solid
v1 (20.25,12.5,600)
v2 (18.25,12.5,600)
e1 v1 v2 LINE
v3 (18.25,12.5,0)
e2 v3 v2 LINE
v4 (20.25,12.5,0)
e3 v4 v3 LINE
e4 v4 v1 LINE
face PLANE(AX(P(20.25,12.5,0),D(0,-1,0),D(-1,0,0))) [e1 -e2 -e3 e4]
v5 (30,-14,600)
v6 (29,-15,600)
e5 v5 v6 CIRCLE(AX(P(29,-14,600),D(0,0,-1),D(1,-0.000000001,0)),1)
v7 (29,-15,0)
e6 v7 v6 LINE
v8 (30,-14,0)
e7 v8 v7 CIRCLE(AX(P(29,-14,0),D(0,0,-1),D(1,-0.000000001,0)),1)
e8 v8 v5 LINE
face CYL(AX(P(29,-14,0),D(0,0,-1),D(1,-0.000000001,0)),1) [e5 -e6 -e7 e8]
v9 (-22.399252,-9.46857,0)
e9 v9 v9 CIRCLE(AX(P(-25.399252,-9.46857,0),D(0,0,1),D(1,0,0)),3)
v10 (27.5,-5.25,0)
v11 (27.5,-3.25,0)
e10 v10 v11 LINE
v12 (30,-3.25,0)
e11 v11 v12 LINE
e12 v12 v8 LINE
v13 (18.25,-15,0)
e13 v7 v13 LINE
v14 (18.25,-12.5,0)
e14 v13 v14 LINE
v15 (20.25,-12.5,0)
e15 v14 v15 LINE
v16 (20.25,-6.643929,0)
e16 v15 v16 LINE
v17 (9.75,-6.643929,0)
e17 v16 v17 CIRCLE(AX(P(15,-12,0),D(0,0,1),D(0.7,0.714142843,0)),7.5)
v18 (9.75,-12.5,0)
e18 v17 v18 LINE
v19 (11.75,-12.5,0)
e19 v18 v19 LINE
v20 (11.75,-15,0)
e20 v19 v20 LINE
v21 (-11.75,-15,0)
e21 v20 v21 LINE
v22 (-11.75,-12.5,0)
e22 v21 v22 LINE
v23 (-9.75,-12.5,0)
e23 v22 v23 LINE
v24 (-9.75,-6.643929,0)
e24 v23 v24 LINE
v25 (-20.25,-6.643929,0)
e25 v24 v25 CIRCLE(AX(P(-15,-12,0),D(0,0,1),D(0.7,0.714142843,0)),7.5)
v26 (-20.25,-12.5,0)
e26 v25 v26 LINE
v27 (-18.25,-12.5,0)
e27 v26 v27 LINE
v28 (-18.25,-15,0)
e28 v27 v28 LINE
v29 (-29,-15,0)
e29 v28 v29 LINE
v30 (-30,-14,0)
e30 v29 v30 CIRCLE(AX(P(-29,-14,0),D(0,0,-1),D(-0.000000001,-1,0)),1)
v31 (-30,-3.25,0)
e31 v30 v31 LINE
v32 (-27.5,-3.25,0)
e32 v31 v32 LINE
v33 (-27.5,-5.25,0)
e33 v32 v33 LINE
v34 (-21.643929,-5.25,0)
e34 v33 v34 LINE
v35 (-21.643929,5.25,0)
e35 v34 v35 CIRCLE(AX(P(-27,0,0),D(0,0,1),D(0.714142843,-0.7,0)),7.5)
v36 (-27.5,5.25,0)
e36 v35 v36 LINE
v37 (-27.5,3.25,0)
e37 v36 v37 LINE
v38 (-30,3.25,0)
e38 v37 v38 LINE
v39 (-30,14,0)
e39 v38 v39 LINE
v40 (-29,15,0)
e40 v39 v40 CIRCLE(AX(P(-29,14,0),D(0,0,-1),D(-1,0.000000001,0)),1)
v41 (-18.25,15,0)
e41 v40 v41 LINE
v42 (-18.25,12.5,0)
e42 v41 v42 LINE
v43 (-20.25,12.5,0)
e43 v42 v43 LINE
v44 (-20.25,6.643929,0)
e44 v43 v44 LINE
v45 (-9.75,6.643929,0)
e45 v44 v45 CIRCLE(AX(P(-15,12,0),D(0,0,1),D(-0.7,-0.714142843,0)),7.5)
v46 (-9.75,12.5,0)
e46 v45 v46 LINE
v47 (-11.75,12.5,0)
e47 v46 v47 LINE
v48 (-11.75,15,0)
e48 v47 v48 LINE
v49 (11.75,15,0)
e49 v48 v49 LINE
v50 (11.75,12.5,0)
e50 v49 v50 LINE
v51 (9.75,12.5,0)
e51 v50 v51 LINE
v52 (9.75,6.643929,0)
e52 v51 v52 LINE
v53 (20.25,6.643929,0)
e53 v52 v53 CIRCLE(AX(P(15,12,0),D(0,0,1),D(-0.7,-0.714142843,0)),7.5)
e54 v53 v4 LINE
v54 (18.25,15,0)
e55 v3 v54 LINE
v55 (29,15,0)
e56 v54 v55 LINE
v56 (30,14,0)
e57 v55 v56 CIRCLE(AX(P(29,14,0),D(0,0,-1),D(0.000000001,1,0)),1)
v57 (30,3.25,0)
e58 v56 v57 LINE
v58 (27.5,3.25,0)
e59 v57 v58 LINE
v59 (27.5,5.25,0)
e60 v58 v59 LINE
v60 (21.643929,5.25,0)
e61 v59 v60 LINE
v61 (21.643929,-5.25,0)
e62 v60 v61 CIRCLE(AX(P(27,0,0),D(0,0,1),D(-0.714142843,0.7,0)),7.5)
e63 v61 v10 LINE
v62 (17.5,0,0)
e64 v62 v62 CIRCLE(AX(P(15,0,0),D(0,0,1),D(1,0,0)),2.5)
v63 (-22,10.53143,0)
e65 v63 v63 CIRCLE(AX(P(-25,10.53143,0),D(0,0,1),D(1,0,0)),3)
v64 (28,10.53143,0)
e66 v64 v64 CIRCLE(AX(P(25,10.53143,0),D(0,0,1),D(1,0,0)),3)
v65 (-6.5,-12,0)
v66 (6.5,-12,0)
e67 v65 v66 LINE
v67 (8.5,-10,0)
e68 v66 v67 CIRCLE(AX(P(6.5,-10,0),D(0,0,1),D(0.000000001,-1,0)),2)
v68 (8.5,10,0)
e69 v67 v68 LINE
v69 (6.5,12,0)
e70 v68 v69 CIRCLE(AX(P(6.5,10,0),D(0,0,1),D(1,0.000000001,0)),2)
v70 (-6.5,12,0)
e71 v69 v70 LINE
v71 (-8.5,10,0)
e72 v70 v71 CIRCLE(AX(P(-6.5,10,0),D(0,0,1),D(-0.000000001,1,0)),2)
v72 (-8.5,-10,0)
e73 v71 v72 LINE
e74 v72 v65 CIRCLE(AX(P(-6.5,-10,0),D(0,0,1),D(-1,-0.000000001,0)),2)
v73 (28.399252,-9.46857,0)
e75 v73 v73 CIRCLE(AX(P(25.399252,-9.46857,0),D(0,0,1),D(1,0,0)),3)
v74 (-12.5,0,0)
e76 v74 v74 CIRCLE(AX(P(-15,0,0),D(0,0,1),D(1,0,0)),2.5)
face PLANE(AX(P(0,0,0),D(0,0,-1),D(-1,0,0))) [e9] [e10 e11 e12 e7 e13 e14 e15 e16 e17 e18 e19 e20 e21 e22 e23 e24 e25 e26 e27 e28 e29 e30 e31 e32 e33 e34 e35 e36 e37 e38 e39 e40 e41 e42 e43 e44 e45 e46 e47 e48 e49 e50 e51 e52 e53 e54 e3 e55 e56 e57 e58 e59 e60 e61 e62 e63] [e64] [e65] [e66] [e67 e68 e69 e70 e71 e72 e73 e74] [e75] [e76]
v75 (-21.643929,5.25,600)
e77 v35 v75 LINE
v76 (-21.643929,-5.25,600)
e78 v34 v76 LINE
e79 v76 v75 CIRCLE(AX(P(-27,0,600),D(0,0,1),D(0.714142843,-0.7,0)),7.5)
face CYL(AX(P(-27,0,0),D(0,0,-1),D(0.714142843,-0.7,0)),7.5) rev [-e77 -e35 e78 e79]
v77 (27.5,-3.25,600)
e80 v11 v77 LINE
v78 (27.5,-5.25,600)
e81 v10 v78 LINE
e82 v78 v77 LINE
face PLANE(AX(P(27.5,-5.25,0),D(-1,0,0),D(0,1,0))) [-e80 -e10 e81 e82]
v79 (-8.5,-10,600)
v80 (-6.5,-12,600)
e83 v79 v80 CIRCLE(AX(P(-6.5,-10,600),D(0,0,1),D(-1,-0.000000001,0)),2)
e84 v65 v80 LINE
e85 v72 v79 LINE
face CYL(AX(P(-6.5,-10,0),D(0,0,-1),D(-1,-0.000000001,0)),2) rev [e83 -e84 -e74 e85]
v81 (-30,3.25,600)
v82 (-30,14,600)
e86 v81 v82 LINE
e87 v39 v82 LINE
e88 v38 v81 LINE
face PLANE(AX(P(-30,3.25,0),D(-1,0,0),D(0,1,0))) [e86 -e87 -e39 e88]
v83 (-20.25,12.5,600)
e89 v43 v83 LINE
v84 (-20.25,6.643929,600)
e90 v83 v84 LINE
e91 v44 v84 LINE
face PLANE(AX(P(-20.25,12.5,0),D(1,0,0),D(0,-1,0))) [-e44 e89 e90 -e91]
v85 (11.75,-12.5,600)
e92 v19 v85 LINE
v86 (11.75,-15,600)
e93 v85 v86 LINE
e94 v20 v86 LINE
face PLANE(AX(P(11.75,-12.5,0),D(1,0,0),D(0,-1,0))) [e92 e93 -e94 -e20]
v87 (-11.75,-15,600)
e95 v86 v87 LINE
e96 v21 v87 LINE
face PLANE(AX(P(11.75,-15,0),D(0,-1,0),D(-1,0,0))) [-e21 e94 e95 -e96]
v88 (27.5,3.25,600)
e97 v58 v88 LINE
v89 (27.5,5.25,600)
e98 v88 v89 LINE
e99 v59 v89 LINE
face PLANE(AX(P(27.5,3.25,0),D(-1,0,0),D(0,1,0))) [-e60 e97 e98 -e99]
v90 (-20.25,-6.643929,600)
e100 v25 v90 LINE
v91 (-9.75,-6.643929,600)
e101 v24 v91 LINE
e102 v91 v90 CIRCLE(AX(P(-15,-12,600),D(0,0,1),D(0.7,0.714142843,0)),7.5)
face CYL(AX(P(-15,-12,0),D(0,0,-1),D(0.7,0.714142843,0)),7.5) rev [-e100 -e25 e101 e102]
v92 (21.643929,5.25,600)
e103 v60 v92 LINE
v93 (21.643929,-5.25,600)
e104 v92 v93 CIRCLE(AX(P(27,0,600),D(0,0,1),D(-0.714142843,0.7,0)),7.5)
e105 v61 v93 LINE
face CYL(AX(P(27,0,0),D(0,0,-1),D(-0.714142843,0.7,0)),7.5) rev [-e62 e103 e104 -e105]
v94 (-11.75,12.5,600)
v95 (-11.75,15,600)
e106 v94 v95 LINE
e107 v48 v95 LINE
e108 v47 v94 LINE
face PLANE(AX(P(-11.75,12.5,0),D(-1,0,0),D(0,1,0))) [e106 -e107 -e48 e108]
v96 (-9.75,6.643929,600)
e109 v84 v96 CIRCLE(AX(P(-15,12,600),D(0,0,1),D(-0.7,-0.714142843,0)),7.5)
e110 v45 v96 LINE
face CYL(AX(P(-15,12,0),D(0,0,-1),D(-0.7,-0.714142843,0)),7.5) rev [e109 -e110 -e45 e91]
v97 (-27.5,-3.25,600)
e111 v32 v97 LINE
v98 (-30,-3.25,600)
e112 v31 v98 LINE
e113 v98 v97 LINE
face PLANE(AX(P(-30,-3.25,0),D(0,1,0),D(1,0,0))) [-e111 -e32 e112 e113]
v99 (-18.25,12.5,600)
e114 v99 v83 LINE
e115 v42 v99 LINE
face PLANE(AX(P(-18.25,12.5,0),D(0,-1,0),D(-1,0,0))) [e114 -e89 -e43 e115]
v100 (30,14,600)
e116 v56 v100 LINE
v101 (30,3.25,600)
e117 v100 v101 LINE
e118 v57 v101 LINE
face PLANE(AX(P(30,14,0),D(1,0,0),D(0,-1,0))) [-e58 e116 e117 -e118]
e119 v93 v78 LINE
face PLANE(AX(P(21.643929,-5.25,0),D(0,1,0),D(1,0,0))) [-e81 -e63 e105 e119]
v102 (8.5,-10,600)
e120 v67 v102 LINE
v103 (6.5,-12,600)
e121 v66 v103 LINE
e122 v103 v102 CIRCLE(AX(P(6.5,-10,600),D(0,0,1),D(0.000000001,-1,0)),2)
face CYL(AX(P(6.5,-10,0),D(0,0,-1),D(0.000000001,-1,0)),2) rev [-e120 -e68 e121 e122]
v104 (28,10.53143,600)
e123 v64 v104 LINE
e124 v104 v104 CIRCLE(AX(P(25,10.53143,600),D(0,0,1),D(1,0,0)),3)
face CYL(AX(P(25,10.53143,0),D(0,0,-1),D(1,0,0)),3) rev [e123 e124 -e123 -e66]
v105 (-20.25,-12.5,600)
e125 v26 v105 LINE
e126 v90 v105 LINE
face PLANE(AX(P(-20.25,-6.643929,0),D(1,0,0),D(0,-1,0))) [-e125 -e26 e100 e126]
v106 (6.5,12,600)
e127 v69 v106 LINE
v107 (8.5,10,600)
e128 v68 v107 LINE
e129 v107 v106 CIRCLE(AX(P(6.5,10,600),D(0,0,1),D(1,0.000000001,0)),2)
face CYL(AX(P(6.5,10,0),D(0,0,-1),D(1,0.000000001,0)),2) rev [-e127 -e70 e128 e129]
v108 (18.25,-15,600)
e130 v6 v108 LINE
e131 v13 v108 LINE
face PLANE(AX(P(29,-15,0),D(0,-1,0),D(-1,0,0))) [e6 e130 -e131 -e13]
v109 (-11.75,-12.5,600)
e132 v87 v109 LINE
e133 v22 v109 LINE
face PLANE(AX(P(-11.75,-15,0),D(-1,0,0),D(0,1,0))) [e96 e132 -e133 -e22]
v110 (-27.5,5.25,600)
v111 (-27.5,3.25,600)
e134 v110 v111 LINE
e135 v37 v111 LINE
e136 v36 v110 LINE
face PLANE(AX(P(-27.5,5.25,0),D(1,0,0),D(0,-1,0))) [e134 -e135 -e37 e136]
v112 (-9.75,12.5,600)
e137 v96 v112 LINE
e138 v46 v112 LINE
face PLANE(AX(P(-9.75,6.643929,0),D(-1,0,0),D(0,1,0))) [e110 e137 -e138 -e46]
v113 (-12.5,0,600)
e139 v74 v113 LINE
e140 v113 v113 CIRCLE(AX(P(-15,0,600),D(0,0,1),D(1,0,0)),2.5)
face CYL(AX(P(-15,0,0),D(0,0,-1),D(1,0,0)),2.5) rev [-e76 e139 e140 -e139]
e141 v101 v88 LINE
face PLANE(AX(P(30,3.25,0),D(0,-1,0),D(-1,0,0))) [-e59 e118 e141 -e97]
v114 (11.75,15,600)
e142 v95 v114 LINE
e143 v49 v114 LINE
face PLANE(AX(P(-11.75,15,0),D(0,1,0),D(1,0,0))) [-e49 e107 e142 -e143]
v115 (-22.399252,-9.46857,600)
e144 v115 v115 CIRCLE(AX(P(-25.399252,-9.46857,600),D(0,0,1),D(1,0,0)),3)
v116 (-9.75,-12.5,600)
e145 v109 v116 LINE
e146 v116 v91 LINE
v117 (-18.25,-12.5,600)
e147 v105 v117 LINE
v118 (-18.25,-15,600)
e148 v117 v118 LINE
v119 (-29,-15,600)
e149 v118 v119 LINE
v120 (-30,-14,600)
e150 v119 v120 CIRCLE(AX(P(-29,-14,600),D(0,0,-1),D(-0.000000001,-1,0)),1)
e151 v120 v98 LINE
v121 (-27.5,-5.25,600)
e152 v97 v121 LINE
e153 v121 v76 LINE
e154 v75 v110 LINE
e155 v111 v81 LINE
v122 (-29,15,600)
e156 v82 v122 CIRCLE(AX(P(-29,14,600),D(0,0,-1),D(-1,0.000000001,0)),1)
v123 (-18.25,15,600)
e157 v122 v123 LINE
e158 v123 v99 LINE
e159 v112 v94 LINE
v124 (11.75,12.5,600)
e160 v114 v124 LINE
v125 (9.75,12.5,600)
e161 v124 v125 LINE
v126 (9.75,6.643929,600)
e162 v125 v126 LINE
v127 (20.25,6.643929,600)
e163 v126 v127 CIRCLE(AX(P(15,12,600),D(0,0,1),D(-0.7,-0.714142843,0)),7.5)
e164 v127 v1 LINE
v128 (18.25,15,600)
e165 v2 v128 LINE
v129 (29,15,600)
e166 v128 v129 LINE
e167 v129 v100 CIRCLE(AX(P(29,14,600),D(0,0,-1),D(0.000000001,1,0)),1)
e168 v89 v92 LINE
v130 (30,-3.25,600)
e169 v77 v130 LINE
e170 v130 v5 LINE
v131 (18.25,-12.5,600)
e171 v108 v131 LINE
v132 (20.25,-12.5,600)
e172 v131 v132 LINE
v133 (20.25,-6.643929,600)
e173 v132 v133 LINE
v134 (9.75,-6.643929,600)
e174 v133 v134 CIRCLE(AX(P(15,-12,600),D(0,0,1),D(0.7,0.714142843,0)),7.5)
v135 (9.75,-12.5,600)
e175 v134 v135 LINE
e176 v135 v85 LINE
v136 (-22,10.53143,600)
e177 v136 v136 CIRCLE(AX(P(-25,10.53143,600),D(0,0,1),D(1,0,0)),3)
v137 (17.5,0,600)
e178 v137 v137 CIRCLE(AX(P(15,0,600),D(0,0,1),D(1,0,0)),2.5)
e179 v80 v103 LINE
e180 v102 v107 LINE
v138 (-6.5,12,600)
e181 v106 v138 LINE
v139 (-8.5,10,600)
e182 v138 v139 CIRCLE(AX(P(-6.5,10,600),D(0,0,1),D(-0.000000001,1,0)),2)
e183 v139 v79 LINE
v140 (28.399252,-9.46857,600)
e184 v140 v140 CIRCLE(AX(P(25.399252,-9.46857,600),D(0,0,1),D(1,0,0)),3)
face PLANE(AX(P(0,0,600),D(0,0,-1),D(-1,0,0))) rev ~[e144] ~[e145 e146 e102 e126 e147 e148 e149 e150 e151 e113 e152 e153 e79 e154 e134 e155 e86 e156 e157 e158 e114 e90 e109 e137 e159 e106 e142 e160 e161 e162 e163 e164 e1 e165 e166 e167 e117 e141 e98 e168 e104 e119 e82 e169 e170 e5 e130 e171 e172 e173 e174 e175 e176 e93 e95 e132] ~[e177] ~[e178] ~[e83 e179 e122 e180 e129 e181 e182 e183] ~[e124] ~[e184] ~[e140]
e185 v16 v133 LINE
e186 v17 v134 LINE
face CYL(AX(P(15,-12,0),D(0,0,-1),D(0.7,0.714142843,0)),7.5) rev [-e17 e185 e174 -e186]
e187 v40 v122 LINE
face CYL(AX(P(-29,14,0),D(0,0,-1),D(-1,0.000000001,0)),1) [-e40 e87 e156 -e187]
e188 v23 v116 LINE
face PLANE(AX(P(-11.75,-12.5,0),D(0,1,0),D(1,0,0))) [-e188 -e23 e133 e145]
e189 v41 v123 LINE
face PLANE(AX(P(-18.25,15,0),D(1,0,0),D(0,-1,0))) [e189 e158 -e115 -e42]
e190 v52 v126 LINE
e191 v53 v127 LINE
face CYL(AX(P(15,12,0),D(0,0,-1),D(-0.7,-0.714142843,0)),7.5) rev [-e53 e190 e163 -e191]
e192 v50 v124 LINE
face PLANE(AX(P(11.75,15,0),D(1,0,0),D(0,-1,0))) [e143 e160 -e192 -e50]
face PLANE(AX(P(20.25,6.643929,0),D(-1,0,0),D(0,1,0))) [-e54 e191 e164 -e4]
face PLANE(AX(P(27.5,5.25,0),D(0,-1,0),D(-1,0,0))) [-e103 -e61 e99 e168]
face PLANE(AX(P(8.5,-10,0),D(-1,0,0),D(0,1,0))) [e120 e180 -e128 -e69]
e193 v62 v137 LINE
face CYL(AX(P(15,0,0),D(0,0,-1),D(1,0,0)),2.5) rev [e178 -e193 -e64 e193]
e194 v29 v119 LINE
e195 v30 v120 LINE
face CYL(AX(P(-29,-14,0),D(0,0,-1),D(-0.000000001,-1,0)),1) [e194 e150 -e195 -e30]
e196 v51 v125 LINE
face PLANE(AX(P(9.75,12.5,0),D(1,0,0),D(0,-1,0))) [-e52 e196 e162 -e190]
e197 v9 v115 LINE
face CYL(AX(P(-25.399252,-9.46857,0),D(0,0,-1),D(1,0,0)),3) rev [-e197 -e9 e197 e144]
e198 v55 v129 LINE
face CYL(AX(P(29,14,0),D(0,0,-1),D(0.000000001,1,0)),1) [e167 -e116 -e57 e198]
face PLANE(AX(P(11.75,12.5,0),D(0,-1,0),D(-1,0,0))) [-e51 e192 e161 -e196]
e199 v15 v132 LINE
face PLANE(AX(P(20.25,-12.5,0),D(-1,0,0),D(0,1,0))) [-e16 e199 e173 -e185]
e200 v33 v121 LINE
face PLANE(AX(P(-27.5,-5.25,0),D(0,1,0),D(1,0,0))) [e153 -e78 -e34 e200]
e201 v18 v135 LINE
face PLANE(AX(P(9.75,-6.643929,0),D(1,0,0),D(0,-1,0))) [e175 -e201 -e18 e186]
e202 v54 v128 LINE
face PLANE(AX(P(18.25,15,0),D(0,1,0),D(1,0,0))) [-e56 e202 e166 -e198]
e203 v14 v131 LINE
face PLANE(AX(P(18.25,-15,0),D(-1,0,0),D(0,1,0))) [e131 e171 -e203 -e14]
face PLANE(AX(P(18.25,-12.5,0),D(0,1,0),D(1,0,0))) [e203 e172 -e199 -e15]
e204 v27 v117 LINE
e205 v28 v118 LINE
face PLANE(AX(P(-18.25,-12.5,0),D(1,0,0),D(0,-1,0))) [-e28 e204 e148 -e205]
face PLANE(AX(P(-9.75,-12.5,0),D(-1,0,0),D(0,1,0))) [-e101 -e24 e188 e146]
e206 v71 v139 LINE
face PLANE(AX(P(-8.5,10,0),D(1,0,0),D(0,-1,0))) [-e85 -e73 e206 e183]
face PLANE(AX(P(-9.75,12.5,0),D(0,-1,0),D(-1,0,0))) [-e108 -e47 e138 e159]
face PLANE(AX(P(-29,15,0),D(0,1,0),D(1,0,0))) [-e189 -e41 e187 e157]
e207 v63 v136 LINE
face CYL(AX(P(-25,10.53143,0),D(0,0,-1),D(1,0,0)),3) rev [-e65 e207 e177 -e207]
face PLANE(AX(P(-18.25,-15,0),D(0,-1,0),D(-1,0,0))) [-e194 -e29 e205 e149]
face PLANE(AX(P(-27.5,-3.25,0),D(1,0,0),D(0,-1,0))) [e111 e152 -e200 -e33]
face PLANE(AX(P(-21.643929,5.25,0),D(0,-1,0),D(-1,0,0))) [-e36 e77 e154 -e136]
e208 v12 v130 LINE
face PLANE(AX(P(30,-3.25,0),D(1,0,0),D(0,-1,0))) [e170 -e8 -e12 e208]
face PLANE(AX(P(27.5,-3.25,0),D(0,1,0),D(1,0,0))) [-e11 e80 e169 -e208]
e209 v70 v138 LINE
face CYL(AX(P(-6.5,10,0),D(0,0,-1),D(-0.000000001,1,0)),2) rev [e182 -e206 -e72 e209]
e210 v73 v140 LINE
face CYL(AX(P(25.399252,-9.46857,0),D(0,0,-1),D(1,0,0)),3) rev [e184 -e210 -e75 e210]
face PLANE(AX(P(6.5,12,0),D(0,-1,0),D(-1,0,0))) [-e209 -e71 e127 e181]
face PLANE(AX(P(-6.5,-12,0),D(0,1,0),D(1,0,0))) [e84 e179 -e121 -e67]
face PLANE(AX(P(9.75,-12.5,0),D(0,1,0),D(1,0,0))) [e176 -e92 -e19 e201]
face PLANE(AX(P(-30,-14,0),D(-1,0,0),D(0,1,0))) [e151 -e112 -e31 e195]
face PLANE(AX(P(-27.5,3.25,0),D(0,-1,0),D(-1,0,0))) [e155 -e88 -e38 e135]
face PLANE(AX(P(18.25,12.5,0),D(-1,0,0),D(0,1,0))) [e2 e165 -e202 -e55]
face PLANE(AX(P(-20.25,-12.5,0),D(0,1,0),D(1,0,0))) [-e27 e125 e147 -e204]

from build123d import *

# Parameters (mm, degrees)
MODEL_R             = 2.5
MODEL_R_2           = 3
BOSS_EXTRUDE1_DEPTH = 600


with BuildPart() as part:
    # Model → Boss-Extrude1 (new body)
    with BuildSketch(Plane.XY):
        with BuildLine():
            Line((-27.5, 3.25), (-30, 3.25))
            Line((-30, 3.25), (-30, 14))
            ThreePointArc((-30, 14), (-29.707106781, 14.707106781), (-29, 15))
            Line((-29, 15), (-18.25, 15))
            Line((-18.25, 15), (-18.25, 12.5))
            Line((-18.25, 12.5), (-20.25, 12.5))
            Line((-20.25, 12.5), (-20.25, 6.643928679))
            ThreePointArc((-20.25, 6.643928679), (-15, 4.5), (-9.75, 6.643928679))
            Line((-9.75, 6.643928679), (-9.75, 12.5))
            Line((-9.75, 12.5), (-11.75, 12.5))
            Line((-11.75, 12.5), (-11.75, 15))
            Line((-11.75, 15), (11.75, 15))
            Line((11.75, 15), (11.75, 12.5))
            Line((11.75, 12.5), (9.75, 12.5))
            Line((9.75, 12.5), (9.75, 6.643928679))
            ThreePointArc((9.75, 6.643928679), (15, 4.5), (20.25, 6.643928679))
            Line((20.25, 6.643928679), (20.25, 12.5))
            Line((20.25, 12.5), (18.25, 12.5))
            Line((18.25, 12.5), (18.25, 15))
            Line((18.25, 15), (29, 15))
            ThreePointArc((29, 15), (29.707106781, 14.707106781), (30, 14))
            Line((30, 14), (30, 3.25))
            Line((30, 3.25), (27.5, 3.25))
            Line((27.5, 3.25), (27.5, 5.25))
            Line((27.5, 5.25), (21.643928679, 5.25))
            ThreePointArc((21.643928679, 5.25), (19.5, 0), (21.643928679, -5.25))
            Line((21.643928679, -5.25), (27.5, -5.25))
            Line((27.5, -5.25), (27.5, -3.25))
            Line((27.5, -3.25), (30, -3.25))
            Line((30, -3.25), (30, -14))
            ThreePointArc((30, -14), (29.707106781, -14.707106781), (29, -15))
            Line((29, -15), (18.25, -15))
            Line((18.25, -15), (18.25, -12.5))
            Line((18.25, -12.5), (20.25, -12.5))
            Line((20.25, -12.5), (20.25, -6.643928679))
            ThreePointArc((20.25, -6.643928679), (15, -4.5), (9.75, -6.643928679))
            Line((9.75, -6.643928679), (9.75, -12.5))
            Line((9.75, -12.5), (11.75, -12.5))
            Line((11.75, -12.5), (11.75, -15))
            Line((11.75, -15), (-11.75, -15))
            Line((-11.75, -15), (-11.75, -12.5))
            Line((-11.75, -12.5), (-9.75, -12.5))
            Line((-9.75, -12.5), (-9.75, -6.643928679))
            ThreePointArc((-9.75, -6.643928679), (-15, -4.5), (-20.25, -6.643928679))
            Line((-20.25, -6.643928679), (-20.25, -12.5))
            Line((-20.25, -12.5), (-18.25, -12.5))
            Line((-18.25, -12.5), (-18.25, -15))
            Line((-18.25, -15), (-29, -15))
            ThreePointArc((-29, -15), (-29.707106781, -14.707106781), (-30, -14))
            Line((-30, -14), (-30, -3.25))
            Line((-30, -3.25), (-27.5, -3.25))
            Line((-27.5, -3.25), (-27.5, -5.25))
            Line((-27.5, -5.25), (-21.643928679, -5.25))
            ThreePointArc((-21.643928679, -5.25), (-19.5, 0), (-21.643928679, 5.25))
            Line((-21.643928679, 5.25), (-27.5, 5.25))
            Line((-27.5, 5.25), (-27.5, 3.25))
        make_face()
        with Locations((-15, 0)):
            Circle(MODEL_R, mode=Mode.SUBTRACT)
        with Locations((-25, 10.531430074)):
            Circle(MODEL_R_2, mode=Mode.SUBTRACT)
        with Locations((-25.399251578, -9.468569926)):
            Circle(MODEL_R_2, mode=Mode.SUBTRACT)
        with Locations((25.399251578, -9.468569926)):
            Circle(MODEL_R_2, mode=Mode.SUBTRACT)
        with Locations((15, 0)):
            Circle(MODEL_R, mode=Mode.SUBTRACT)
        with Locations((25, 10.531430074)):
            Circle(MODEL_R_2, mode=Mode.SUBTRACT)
        with BuildLine():
            Line((6.5, 12), (-6.5, 12))
            ThreePointArc((-6.5, 12), (-7.914213562, 11.414213562), (-8.5, 10))
            Line((-8.5, 10), (-8.5, -10))
            ThreePointArc((-8.5, -10), (-7.914213562, -11.414213562), (-6.5, -12))
            Line((-6.5, -12), (6.5, -12))
            ThreePointArc((6.5, -12), (7.914213562, -11.414213562), (8.5, -10))
            Line((8.5, -10), (8.5, 10))
            ThreePointArc((8.5, 10), (7.914213562, 11.414213562), (6.5, 12))
        make_face(mode=Mode.SUBTRACT)
    extrude(amount=BOSS_EXTRUDE1_DEPTH)


solid = part.part
